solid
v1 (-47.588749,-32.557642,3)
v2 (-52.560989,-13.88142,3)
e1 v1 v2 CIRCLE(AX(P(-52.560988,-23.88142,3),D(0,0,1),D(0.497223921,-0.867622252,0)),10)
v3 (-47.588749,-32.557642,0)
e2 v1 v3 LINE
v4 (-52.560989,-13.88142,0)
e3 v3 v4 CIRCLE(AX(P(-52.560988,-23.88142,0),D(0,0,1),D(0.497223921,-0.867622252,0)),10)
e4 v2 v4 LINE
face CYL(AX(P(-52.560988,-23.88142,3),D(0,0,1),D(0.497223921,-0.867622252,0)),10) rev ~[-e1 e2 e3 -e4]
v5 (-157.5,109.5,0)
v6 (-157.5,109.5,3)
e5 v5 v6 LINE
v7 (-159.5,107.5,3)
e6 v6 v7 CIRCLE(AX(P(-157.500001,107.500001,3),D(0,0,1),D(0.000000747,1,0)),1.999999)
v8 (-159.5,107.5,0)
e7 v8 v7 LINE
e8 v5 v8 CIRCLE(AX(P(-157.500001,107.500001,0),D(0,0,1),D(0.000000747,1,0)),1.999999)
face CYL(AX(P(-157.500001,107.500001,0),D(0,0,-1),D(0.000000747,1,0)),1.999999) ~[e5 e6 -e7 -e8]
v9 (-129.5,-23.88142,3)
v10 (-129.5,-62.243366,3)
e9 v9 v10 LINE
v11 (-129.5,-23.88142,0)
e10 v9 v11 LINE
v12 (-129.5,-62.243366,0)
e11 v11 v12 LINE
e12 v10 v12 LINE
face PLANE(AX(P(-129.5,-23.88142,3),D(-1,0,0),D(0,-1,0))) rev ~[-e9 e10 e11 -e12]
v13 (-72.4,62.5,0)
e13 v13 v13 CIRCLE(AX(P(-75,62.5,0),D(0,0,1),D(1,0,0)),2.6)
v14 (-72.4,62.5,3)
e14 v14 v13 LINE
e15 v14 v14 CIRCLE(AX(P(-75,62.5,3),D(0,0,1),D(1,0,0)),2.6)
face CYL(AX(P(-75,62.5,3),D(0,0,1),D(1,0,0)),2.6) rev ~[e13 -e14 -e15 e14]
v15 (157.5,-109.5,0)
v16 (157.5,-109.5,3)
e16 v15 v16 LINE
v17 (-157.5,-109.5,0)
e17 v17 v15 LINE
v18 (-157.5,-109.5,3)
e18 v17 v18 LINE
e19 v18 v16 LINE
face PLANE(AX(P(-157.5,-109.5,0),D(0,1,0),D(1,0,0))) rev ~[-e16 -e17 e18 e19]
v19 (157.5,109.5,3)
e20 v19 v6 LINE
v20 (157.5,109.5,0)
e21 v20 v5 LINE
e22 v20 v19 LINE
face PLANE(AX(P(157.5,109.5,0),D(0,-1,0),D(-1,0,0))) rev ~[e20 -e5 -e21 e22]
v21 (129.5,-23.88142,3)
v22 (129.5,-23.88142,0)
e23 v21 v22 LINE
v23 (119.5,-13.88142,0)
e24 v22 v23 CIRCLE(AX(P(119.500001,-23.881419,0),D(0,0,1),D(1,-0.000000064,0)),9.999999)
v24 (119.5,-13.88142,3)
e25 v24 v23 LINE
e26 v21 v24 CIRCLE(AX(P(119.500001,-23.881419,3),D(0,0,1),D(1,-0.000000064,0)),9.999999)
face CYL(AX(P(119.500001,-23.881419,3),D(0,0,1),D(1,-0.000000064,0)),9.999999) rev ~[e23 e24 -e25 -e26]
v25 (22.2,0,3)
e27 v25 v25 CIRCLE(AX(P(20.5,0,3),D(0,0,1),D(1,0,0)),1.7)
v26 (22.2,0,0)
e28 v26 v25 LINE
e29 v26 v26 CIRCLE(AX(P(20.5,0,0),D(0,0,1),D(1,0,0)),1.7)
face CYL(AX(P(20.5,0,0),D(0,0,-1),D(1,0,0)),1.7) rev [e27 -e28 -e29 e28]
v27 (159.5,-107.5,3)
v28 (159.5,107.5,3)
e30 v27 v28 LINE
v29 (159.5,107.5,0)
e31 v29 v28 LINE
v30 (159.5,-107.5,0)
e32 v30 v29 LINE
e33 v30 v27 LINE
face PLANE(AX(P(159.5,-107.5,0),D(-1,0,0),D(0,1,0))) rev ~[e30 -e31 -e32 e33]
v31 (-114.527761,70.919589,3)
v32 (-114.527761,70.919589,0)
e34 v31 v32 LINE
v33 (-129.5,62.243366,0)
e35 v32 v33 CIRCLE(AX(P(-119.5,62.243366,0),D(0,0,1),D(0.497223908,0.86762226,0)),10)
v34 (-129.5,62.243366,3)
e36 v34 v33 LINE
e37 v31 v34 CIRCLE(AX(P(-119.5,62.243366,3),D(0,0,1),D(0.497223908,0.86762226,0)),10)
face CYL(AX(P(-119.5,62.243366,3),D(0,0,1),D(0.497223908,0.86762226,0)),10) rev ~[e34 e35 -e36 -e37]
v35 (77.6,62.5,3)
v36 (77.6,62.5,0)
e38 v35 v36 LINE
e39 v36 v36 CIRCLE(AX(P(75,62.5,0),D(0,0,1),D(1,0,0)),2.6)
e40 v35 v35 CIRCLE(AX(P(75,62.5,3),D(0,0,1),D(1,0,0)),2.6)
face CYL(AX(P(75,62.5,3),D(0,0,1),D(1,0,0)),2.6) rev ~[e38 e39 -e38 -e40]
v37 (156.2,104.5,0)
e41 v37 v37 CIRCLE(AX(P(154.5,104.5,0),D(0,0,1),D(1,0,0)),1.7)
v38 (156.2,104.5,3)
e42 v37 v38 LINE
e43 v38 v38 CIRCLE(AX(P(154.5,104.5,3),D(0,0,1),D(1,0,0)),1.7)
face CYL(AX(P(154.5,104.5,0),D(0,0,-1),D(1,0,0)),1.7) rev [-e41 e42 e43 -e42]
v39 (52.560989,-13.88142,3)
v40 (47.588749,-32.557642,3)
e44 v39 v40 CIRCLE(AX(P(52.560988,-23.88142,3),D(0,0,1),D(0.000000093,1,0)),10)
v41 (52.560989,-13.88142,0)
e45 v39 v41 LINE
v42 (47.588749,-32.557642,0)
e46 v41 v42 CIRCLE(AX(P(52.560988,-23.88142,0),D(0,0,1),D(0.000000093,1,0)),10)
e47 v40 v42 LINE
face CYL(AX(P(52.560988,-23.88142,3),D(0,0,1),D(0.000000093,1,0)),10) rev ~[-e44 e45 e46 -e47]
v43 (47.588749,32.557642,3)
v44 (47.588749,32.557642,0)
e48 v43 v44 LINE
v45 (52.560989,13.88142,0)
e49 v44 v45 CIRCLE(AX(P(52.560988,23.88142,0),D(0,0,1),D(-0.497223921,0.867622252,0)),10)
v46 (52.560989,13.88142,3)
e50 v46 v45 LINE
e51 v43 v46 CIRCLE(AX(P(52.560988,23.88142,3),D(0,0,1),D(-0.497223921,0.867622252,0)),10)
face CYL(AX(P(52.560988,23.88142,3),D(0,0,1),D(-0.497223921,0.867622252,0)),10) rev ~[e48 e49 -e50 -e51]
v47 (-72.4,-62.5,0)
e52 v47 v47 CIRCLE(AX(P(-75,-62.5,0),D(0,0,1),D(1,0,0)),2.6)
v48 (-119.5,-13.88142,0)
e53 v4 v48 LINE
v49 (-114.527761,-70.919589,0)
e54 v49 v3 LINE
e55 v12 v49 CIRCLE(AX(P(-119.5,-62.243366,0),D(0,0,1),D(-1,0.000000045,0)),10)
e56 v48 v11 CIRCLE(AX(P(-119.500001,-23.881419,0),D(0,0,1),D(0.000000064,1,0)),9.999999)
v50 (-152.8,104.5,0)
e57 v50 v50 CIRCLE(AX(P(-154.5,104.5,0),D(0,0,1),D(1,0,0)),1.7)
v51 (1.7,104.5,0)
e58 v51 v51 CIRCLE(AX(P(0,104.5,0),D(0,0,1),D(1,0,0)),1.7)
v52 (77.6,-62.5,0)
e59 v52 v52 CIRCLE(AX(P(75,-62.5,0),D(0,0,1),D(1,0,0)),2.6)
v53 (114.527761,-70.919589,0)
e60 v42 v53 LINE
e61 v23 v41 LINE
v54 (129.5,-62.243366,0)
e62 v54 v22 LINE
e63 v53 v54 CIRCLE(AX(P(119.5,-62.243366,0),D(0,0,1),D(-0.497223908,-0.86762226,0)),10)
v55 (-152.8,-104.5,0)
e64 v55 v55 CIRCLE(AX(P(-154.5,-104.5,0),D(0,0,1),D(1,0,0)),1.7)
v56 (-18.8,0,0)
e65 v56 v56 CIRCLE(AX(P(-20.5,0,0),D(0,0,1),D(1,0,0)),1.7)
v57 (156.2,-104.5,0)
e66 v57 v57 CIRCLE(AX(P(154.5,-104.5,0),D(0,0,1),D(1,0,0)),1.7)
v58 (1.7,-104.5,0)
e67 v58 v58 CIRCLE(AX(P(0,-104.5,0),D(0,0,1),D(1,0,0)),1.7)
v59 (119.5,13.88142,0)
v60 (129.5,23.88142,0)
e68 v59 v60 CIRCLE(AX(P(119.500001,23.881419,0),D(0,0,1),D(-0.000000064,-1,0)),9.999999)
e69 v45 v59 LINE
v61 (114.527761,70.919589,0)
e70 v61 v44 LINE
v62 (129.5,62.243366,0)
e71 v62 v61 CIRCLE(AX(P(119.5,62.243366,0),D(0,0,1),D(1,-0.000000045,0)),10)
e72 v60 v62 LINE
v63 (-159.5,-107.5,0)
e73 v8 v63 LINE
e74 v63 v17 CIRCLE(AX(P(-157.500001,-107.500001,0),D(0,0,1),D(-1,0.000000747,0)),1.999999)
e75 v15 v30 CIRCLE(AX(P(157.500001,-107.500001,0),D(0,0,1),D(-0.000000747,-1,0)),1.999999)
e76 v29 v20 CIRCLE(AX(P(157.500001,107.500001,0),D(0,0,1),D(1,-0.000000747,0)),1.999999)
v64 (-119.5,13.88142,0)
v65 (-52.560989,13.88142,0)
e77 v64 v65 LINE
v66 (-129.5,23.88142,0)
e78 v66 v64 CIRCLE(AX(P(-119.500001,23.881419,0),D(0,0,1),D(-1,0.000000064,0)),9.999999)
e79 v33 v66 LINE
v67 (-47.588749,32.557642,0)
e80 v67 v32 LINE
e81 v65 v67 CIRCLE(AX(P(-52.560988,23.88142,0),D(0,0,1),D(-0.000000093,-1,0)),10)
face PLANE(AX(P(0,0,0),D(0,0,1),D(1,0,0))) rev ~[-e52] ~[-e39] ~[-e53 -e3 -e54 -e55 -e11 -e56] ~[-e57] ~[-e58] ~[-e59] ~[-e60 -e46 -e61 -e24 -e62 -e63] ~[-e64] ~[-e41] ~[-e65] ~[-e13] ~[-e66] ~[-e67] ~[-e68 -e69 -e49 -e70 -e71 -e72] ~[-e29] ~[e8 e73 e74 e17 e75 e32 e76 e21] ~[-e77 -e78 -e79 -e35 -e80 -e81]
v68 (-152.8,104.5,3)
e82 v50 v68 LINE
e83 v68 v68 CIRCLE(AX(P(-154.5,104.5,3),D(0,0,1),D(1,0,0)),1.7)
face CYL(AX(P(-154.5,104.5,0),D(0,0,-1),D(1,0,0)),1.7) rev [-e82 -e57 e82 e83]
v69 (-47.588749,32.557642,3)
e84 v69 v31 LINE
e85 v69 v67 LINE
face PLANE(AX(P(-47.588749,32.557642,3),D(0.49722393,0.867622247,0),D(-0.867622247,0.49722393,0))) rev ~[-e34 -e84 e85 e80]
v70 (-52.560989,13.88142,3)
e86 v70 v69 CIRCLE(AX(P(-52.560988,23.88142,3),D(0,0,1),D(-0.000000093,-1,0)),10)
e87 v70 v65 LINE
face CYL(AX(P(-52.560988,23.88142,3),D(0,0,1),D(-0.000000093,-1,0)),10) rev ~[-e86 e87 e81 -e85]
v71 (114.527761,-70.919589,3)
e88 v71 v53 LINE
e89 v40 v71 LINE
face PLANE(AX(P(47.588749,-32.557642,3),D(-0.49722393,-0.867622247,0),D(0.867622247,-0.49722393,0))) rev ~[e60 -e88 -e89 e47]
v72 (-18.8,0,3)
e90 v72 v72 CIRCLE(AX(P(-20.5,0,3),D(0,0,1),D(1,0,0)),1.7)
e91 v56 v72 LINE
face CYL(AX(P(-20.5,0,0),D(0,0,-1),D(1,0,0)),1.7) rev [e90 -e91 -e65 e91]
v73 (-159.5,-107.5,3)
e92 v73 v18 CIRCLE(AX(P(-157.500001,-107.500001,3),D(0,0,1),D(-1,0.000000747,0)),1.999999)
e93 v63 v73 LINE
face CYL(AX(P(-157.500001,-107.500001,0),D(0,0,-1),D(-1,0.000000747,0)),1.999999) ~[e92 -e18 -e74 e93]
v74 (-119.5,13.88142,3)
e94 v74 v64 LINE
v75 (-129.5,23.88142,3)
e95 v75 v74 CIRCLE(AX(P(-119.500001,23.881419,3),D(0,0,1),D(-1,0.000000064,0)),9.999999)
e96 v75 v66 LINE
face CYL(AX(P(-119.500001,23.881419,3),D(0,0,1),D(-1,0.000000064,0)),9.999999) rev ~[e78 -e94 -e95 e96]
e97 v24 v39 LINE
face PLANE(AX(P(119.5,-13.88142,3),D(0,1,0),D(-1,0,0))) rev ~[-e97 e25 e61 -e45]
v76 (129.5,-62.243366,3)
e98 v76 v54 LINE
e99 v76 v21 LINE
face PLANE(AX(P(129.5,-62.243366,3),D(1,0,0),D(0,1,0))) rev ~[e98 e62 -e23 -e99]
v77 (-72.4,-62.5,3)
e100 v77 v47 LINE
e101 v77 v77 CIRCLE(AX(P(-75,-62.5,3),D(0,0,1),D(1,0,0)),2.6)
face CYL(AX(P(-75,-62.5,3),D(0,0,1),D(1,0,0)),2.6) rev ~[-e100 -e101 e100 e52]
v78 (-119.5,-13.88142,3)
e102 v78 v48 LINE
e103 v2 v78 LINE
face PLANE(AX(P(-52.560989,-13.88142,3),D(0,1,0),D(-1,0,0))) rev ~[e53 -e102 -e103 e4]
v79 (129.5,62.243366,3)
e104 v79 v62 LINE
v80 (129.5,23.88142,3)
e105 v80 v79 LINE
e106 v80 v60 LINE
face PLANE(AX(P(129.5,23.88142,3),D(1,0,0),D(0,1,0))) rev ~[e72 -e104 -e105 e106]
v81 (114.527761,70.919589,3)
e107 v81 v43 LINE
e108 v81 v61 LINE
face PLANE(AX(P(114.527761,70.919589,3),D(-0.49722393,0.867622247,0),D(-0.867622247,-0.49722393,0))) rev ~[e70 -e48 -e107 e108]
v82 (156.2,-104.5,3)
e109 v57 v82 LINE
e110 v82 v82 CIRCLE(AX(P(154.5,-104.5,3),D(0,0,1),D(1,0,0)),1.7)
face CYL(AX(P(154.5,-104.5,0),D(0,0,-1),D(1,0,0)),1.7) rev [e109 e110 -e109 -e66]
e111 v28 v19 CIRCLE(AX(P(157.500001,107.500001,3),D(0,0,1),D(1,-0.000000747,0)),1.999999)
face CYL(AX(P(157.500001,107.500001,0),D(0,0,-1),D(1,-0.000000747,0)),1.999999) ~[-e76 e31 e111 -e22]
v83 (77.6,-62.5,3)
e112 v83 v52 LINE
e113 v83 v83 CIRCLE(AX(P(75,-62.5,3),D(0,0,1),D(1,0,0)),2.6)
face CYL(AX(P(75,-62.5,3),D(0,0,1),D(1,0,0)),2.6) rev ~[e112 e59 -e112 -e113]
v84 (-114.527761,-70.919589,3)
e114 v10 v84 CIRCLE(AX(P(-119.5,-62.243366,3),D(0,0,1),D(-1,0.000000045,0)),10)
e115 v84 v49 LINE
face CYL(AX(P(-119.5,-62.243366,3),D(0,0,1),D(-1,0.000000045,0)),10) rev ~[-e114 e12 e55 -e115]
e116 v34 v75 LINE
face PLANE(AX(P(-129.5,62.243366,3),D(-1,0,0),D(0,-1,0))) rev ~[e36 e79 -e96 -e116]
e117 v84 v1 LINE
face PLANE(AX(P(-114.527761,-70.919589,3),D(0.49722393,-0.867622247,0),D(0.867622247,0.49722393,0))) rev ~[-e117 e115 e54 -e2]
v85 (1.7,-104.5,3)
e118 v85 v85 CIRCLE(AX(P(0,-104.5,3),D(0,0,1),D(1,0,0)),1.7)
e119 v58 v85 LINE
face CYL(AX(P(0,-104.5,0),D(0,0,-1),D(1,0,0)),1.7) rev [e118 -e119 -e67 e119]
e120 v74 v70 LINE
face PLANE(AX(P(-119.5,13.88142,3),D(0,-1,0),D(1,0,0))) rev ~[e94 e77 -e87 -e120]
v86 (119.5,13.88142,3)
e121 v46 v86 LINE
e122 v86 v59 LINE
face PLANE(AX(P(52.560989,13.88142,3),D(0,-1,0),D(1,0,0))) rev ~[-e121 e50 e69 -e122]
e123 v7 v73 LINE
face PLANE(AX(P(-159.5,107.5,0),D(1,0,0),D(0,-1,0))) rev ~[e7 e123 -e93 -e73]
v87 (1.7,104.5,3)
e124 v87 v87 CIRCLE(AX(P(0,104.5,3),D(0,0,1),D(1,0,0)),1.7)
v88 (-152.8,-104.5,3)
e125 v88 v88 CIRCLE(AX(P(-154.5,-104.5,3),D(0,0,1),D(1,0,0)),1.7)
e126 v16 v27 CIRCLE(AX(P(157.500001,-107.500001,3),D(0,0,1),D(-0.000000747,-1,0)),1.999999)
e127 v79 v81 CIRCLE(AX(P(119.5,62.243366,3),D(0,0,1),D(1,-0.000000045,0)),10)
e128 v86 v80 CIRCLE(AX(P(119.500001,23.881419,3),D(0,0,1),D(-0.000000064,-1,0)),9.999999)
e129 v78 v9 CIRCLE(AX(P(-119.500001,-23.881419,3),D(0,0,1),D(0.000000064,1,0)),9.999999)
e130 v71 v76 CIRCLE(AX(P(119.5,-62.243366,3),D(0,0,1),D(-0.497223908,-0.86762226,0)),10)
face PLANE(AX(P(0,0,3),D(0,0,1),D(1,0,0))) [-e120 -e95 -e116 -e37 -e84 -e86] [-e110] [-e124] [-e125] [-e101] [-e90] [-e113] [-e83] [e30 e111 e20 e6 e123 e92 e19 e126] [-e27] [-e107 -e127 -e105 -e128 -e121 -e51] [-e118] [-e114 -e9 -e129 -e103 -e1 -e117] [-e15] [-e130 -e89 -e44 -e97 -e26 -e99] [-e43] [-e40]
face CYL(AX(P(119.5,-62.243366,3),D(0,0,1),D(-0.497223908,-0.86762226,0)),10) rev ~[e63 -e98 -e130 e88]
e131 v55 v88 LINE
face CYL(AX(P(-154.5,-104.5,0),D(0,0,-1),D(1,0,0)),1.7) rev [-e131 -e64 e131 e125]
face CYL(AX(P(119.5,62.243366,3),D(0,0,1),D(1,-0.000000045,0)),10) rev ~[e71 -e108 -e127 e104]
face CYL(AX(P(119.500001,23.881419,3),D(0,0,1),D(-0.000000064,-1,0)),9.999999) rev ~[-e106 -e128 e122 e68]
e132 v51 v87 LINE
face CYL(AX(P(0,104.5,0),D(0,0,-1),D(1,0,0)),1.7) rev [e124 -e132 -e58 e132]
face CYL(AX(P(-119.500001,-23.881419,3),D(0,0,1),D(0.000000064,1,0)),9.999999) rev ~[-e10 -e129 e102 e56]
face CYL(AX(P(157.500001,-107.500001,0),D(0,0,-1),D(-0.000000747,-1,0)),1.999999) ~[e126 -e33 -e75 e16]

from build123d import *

# Parameters (mm, degrees)
F0_R     = 1.7
F1_DEPTH = 3
F3_DEPTH = 3.001
F4_R     = 2.6
F5_DEPTH = 25


with BuildPart() as f1:
    # F0 (on Top) → F1 (new body)
    with BuildSketch(Plane.XY):
        with BuildLine():
            Line((-157.5, -109.5), (157.5, -109.5))
            ThreePointArc((157.5, -109.5), (158.914214, -108.914214), (159.5, -107.5))
            Line((159.5, -107.5), (159.5, 107.5))
            ThreePointArc((159.5, 107.5), (158.914214, 108.914214), (157.5, 109.5))
            Line((157.5, 109.5), (-157.5, 109.5))
            ThreePointArc((-157.5, 109.5), (-158.914214, 108.914214), (-159.5, 107.5))
            Line((-159.5, 107.5), (-159.5, -107.5))
            ThreePointArc((-159.5, -107.5), (-158.914214, -108.914214), (-157.5, -109.5))
        make_face()
        with Locations((-154.5, -104.5)):
            Circle(F0_R, mode=Mode.SUBTRACT)
        with Locations((0, -104.5)):
            Circle(F0_R, mode=Mode.SUBTRACT)
        with Locations((154.5, -104.5)):
            Circle(F0_R, mode=Mode.SUBTRACT)
        with Locations((-20.5, 0)):
            Circle(F0_R, mode=Mode.SUBTRACT)
        with Locations((-154.5, 104.5)):
            Circle(F0_R, mode=Mode.SUBTRACT)
        with Locations((20.5, 0)):
            Circle(F0_R, mode=Mode.SUBTRACT)
        with Locations((0, 104.5)):
            Circle(F0_R, mode=Mode.SUBTRACT)
        with Locations((154.5, 104.5)):
            Circle(F0_R, mode=Mode.SUBTRACT)
    extrude(amount=F1_DEPTH)

    # F2 (on face) → F3 (cut, through all)
    with BuildSketch(Plane.XY.offset(3)):
        with BuildLine():
            Line((-129.5, 62.243366), (-129.5, 23.88142))
            ThreePointArc((-129.5, 23.88142), (-126.571068, 16.810352), (-119.5, 13.88142))
            Line((-119.5, 13.88142), (-52.560989, 13.88142))
            ThreePointArc((-52.560989, 13.88142), (-42.897598, 21.3087), (-47.588749, 32.557642))
            Line((-47.588749, 32.557642), (-114.527761, 70.919589))
            ThreePointArc((-114.527761, 70.919589), (-124.513861, 70.895603), (-129.5, 62.243366))
        make_face()
        with BuildLine():
            Line((52.560989, 13.88142), (119.5, 13.88142))
            ThreePointArc((119.5, 13.88142), (126.571068, 16.810352), (129.5, 23.88142))
            Line((129.5, 23.88142), (129.5, 62.243366))
            ThreePointArc((129.5, 62.243366), (124.513861, 70.895603), (114.527761, 70.919589))
            Line((114.527761, 70.919589), (47.588749, 32.557642))
            ThreePointArc((47.588749, 32.557642), (42.897598, 21.3087), (52.560989, 13.88142))
        make_face()
        with BuildLine():
            ThreePointArc((114.527761, -70.919589), (124.513861, -70.895603), (129.5, -62.243366))
            Line((129.5, -62.243366), (129.5, -23.88142))
            ThreePointArc((129.5, -23.88142), (126.571068, -16.810352), (119.5, -13.88142))
            Line((119.5, -13.88142), (52.560989, -13.88142))
            ThreePointArc((52.560989, -13.88142), (42.897598, -21.3087), (47.588749, -32.557642))
            Line((47.588749, -32.557642), (114.527761, -70.919589))
        make_face()
        with BuildLine():
            Line((-129.5, -23.88142), (-129.5, -62.243366))
            ThreePointArc((-129.5, -62.243366), (-124.513861, -70.895603), (-114.527761, -70.919589))
            Line((-114.527761, -70.919589), (-47.588749, -32.557642))
            ThreePointArc((-47.588749, -32.557642), (-42.897598, -21.3087), (-52.560989, -13.88142))
            Line((-52.560989, -13.88142), (-119.5, -13.88142))
            ThreePointArc((-119.5, -13.88142), (-126.571068, -16.810352), (-129.5, -23.88142))
        make_face()
    extrude(amount=-F3_DEPTH, mode=Mode.SUBTRACT)

    # F4 (on face) → F5 (cut)
    with BuildSketch(Plane.XY.offset(3)):
        with Locations((-75, 62.5)):
            Circle(F4_R)
        with Locations((-75, -62.5)):
            Circle(F4_R)
        with Locations((75, 62.5)):
            Circle(F4_R)
        with Locations((75, -62.5)):
            Circle(F4_R)
    extrude(amount=-F5_DEPTH, mode=Mode.SUBTRACT)


solid = f1.part
